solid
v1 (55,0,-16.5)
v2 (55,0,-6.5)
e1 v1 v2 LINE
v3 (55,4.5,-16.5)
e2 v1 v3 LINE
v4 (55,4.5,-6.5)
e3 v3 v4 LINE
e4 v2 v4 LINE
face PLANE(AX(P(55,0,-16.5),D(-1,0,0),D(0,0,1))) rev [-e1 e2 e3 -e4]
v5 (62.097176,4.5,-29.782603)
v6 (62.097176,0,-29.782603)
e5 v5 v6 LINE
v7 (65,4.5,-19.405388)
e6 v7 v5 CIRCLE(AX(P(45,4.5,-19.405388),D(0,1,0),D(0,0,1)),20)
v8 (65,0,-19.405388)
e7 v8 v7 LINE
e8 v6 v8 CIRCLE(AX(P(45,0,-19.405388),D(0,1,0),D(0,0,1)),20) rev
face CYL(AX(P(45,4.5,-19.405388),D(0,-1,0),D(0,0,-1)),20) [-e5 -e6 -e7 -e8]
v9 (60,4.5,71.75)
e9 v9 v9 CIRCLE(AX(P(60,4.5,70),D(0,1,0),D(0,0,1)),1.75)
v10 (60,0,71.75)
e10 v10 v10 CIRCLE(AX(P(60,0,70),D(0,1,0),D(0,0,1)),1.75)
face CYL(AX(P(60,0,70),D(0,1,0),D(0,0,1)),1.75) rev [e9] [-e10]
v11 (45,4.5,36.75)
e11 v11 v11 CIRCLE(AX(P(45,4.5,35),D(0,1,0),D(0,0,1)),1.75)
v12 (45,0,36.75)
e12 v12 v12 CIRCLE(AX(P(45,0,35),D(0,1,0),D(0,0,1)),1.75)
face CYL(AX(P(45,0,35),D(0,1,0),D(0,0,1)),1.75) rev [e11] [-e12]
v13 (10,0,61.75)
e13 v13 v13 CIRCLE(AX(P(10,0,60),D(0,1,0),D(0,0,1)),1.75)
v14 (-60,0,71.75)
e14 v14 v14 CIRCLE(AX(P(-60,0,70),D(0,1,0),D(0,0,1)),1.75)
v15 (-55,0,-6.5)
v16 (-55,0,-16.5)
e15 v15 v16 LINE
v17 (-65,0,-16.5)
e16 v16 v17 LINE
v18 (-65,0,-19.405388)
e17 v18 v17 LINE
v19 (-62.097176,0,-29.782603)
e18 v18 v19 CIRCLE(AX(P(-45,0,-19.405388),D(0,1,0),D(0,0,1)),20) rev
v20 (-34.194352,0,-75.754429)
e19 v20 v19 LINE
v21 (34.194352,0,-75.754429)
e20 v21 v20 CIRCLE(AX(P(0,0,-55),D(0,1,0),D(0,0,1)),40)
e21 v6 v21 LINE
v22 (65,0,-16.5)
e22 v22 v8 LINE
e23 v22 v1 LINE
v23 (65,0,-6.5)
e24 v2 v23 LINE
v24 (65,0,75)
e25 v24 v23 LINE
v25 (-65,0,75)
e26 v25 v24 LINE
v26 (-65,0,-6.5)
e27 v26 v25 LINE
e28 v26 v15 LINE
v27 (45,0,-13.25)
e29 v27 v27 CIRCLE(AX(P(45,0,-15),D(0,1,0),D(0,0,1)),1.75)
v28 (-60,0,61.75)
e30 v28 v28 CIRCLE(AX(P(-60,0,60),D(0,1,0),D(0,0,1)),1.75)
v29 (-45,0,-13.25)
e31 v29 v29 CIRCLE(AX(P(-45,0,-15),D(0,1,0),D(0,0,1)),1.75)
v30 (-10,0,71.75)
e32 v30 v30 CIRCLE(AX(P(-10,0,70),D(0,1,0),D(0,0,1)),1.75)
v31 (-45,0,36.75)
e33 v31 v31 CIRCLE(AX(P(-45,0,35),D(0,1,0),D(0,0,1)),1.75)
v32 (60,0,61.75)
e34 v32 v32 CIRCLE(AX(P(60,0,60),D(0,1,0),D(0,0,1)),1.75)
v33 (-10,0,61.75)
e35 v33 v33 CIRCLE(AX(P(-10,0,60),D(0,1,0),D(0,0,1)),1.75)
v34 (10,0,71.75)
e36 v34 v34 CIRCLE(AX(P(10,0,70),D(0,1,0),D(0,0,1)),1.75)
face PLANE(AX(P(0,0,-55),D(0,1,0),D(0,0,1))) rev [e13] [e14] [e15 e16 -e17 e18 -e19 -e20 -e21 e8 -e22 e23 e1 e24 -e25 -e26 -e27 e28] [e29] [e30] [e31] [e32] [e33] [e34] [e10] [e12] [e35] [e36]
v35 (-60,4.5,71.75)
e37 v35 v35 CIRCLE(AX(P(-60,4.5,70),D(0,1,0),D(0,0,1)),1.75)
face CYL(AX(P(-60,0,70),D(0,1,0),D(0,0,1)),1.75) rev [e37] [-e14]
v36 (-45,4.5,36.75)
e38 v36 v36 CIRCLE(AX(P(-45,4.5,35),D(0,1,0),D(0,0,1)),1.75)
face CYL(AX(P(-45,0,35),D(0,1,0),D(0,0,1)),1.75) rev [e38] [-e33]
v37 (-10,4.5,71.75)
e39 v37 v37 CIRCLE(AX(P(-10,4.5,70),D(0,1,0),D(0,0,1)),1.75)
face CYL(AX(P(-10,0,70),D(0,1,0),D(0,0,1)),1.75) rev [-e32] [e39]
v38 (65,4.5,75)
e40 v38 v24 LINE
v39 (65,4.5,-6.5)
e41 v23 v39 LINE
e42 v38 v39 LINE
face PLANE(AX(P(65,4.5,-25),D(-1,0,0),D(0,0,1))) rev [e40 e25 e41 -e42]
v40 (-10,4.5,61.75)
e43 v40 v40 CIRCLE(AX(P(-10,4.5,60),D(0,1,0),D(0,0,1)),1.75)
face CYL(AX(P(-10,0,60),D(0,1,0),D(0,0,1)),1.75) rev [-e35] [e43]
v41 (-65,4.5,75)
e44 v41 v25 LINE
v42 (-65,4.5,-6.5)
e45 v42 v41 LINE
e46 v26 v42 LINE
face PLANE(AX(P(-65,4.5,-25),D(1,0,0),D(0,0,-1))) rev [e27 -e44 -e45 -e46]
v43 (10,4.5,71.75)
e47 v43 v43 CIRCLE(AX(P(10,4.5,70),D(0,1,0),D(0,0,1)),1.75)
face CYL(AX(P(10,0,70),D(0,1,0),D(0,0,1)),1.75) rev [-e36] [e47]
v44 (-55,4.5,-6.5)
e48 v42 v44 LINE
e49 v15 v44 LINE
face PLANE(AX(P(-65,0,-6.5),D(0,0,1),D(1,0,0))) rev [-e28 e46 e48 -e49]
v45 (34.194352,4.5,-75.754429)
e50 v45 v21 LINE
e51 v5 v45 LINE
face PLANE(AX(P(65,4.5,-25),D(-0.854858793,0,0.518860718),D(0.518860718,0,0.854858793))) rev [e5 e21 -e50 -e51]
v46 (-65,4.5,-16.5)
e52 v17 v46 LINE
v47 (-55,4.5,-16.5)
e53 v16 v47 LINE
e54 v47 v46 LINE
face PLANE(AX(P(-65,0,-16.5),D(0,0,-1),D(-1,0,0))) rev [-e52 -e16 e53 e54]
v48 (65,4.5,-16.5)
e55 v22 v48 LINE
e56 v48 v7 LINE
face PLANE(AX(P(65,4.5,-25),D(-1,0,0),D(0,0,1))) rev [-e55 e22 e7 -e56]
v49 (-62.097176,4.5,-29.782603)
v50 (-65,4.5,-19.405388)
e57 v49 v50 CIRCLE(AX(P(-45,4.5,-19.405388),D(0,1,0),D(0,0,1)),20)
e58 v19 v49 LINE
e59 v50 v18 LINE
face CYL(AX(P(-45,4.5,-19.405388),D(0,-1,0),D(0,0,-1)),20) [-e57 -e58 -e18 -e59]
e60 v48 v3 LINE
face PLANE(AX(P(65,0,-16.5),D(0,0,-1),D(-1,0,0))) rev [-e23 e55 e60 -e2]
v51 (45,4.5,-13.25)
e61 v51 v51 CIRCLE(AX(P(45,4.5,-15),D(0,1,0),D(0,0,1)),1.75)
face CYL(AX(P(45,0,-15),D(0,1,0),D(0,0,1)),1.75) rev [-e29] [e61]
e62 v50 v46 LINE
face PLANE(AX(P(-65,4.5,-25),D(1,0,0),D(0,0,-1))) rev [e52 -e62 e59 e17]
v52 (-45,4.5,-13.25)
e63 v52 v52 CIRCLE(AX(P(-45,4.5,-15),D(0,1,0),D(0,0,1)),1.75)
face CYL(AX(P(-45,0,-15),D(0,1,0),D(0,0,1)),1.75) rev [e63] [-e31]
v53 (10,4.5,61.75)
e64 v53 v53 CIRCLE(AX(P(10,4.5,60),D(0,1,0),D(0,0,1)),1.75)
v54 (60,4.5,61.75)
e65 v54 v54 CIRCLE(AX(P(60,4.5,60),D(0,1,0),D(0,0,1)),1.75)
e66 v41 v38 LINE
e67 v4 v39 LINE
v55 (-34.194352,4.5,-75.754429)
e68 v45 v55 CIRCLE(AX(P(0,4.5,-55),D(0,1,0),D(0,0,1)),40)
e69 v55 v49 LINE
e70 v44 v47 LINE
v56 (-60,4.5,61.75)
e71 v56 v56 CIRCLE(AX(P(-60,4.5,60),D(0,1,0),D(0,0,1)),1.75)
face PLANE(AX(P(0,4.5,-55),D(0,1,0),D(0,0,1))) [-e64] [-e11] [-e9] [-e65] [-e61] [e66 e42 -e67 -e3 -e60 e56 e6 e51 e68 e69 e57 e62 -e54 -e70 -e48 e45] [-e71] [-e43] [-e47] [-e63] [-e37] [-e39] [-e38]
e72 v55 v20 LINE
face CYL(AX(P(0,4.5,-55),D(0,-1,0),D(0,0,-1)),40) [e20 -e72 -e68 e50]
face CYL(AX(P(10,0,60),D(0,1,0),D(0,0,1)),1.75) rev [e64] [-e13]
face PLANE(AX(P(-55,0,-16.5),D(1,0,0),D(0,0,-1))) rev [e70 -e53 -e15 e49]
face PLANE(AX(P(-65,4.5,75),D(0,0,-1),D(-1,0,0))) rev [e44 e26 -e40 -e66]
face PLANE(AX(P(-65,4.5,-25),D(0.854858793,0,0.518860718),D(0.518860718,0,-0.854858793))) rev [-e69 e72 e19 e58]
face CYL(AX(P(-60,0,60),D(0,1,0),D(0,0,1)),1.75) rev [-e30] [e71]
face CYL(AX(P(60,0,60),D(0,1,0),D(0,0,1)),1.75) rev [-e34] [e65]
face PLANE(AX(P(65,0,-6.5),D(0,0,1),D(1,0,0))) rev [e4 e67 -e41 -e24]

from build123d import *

# Parameters (mm, degrees)
EXTRUDE_1_DEPTH     = 4.5
FILLET_1_R          = 20
SKETCH_2_W          = 10
SKETCH_2_H          = 10
CUT_EXTRUDE_1_DEPTH = 116.19657113
SKETCH_3_R          = 1.75
CUT_EXTRUDE_2_DEPTH = 116.19657113


with BuildPart() as part:
    # 스케치1 → 보스-돌출1 (new body)
    with BuildSketch(Plane(origin=(0, 0, 0), x_dir=(1, 0, 0), z_dir=(0, 1, 0))):
        with BuildLine():
            Line((-65, 25), (-34.194351712, 75.754428709))
            ThreePointArc((-34.194351712, 75.754428709), (0, 95), (34.194351712, 75.754428709))
            Line((34.194351712, 75.754428709), (65, 25))
            Line((65, 25), (65, -75))
            Line((65, -75), (-65, -75))
            Line((-65, -75), (-65, 25))
        make_face()
    extrude(amount=EXTRUDE_1_DEPTH)

    # 필렛1
    fillet_1_edges = [part.edges().sort_by_distance(p)[0] for p in [
        (-65, 2.25, -25),
        (65, 2.25, -25),
    ]]
    fillet(fillet_1_edges, radius=FILLET_1_R)

    # 스케치2 → 컷-돌출1 (cut, through all)
    with BuildSketch(Plane(origin=(0, 4.5, 0), x_dir=(1, 0, 0), z_dir=(0, 1, 0))):
        with Locations((-60, 11.5)):
            Rectangle(SKETCH_2_W, SKETCH_2_H)
        with Locations((60, 11.5)):
            Rectangle(SKETCH_2_W, SKETCH_2_H)
    extrude(amount=-CUT_EXTRUDE_1_DEPTH, mode=Mode.SUBTRACT)

    # 스케치3 → 컷-돌출2 (cut, through all)
    with BuildSketch(Plane(origin=(0, 4.5, 0), x_dir=(1, 0, 0), z_dir=(0, 1, 0))):
        with Locations(Location((-60, -60, 0), (0, 0, 270))):
            Circle(SKETCH_3_R)
        with Locations(Location((-60, -70, 0), (0, 0, 270))):
            Circle(SKETCH_3_R)
        with Locations(Location((60, -60, 0), (0, 0, 270))):
            Circle(SKETCH_3_R)
        with Locations(Location((60, -70, 0), (0, 0, 270))):
            Circle(SKETCH_3_R)
        with Locations(Location((-10, -60, 0), (0, 0, 270))):
            Circle(SKETCH_3_R)
        with Locations(Location((10, -60, 0), (0, 0, 270))):
            Circle(SKETCH_3_R)
        with Locations(Location((-10, -70, 0), (0, 0, 270))):
            Circle(SKETCH_3_R)
        with Locations(Location((10, -70, 0), (0, 0, 270))):
            Circle(SKETCH_3_R)
        with Locations(Location((-45, 15, 0), (0, 0, 270))):
            Circle(SKETCH_3_R)
        with Locations(Location((45, 15, 0), (0, 0, 270))):
            Circle(SKETCH_3_R)
        with Locations(Location((-45, -35, 0), (0, 0, 270))):
            Circle(SKETCH_3_R)
        with Locations(Location((45, -35, 0), (0, 0, 270))):
            Circle(SKETCH_3_R)
    extrude(amount=-CUT_EXTRUDE_2_DEPTH, mode=Mode.SUBTRACT)


solid = part.part
